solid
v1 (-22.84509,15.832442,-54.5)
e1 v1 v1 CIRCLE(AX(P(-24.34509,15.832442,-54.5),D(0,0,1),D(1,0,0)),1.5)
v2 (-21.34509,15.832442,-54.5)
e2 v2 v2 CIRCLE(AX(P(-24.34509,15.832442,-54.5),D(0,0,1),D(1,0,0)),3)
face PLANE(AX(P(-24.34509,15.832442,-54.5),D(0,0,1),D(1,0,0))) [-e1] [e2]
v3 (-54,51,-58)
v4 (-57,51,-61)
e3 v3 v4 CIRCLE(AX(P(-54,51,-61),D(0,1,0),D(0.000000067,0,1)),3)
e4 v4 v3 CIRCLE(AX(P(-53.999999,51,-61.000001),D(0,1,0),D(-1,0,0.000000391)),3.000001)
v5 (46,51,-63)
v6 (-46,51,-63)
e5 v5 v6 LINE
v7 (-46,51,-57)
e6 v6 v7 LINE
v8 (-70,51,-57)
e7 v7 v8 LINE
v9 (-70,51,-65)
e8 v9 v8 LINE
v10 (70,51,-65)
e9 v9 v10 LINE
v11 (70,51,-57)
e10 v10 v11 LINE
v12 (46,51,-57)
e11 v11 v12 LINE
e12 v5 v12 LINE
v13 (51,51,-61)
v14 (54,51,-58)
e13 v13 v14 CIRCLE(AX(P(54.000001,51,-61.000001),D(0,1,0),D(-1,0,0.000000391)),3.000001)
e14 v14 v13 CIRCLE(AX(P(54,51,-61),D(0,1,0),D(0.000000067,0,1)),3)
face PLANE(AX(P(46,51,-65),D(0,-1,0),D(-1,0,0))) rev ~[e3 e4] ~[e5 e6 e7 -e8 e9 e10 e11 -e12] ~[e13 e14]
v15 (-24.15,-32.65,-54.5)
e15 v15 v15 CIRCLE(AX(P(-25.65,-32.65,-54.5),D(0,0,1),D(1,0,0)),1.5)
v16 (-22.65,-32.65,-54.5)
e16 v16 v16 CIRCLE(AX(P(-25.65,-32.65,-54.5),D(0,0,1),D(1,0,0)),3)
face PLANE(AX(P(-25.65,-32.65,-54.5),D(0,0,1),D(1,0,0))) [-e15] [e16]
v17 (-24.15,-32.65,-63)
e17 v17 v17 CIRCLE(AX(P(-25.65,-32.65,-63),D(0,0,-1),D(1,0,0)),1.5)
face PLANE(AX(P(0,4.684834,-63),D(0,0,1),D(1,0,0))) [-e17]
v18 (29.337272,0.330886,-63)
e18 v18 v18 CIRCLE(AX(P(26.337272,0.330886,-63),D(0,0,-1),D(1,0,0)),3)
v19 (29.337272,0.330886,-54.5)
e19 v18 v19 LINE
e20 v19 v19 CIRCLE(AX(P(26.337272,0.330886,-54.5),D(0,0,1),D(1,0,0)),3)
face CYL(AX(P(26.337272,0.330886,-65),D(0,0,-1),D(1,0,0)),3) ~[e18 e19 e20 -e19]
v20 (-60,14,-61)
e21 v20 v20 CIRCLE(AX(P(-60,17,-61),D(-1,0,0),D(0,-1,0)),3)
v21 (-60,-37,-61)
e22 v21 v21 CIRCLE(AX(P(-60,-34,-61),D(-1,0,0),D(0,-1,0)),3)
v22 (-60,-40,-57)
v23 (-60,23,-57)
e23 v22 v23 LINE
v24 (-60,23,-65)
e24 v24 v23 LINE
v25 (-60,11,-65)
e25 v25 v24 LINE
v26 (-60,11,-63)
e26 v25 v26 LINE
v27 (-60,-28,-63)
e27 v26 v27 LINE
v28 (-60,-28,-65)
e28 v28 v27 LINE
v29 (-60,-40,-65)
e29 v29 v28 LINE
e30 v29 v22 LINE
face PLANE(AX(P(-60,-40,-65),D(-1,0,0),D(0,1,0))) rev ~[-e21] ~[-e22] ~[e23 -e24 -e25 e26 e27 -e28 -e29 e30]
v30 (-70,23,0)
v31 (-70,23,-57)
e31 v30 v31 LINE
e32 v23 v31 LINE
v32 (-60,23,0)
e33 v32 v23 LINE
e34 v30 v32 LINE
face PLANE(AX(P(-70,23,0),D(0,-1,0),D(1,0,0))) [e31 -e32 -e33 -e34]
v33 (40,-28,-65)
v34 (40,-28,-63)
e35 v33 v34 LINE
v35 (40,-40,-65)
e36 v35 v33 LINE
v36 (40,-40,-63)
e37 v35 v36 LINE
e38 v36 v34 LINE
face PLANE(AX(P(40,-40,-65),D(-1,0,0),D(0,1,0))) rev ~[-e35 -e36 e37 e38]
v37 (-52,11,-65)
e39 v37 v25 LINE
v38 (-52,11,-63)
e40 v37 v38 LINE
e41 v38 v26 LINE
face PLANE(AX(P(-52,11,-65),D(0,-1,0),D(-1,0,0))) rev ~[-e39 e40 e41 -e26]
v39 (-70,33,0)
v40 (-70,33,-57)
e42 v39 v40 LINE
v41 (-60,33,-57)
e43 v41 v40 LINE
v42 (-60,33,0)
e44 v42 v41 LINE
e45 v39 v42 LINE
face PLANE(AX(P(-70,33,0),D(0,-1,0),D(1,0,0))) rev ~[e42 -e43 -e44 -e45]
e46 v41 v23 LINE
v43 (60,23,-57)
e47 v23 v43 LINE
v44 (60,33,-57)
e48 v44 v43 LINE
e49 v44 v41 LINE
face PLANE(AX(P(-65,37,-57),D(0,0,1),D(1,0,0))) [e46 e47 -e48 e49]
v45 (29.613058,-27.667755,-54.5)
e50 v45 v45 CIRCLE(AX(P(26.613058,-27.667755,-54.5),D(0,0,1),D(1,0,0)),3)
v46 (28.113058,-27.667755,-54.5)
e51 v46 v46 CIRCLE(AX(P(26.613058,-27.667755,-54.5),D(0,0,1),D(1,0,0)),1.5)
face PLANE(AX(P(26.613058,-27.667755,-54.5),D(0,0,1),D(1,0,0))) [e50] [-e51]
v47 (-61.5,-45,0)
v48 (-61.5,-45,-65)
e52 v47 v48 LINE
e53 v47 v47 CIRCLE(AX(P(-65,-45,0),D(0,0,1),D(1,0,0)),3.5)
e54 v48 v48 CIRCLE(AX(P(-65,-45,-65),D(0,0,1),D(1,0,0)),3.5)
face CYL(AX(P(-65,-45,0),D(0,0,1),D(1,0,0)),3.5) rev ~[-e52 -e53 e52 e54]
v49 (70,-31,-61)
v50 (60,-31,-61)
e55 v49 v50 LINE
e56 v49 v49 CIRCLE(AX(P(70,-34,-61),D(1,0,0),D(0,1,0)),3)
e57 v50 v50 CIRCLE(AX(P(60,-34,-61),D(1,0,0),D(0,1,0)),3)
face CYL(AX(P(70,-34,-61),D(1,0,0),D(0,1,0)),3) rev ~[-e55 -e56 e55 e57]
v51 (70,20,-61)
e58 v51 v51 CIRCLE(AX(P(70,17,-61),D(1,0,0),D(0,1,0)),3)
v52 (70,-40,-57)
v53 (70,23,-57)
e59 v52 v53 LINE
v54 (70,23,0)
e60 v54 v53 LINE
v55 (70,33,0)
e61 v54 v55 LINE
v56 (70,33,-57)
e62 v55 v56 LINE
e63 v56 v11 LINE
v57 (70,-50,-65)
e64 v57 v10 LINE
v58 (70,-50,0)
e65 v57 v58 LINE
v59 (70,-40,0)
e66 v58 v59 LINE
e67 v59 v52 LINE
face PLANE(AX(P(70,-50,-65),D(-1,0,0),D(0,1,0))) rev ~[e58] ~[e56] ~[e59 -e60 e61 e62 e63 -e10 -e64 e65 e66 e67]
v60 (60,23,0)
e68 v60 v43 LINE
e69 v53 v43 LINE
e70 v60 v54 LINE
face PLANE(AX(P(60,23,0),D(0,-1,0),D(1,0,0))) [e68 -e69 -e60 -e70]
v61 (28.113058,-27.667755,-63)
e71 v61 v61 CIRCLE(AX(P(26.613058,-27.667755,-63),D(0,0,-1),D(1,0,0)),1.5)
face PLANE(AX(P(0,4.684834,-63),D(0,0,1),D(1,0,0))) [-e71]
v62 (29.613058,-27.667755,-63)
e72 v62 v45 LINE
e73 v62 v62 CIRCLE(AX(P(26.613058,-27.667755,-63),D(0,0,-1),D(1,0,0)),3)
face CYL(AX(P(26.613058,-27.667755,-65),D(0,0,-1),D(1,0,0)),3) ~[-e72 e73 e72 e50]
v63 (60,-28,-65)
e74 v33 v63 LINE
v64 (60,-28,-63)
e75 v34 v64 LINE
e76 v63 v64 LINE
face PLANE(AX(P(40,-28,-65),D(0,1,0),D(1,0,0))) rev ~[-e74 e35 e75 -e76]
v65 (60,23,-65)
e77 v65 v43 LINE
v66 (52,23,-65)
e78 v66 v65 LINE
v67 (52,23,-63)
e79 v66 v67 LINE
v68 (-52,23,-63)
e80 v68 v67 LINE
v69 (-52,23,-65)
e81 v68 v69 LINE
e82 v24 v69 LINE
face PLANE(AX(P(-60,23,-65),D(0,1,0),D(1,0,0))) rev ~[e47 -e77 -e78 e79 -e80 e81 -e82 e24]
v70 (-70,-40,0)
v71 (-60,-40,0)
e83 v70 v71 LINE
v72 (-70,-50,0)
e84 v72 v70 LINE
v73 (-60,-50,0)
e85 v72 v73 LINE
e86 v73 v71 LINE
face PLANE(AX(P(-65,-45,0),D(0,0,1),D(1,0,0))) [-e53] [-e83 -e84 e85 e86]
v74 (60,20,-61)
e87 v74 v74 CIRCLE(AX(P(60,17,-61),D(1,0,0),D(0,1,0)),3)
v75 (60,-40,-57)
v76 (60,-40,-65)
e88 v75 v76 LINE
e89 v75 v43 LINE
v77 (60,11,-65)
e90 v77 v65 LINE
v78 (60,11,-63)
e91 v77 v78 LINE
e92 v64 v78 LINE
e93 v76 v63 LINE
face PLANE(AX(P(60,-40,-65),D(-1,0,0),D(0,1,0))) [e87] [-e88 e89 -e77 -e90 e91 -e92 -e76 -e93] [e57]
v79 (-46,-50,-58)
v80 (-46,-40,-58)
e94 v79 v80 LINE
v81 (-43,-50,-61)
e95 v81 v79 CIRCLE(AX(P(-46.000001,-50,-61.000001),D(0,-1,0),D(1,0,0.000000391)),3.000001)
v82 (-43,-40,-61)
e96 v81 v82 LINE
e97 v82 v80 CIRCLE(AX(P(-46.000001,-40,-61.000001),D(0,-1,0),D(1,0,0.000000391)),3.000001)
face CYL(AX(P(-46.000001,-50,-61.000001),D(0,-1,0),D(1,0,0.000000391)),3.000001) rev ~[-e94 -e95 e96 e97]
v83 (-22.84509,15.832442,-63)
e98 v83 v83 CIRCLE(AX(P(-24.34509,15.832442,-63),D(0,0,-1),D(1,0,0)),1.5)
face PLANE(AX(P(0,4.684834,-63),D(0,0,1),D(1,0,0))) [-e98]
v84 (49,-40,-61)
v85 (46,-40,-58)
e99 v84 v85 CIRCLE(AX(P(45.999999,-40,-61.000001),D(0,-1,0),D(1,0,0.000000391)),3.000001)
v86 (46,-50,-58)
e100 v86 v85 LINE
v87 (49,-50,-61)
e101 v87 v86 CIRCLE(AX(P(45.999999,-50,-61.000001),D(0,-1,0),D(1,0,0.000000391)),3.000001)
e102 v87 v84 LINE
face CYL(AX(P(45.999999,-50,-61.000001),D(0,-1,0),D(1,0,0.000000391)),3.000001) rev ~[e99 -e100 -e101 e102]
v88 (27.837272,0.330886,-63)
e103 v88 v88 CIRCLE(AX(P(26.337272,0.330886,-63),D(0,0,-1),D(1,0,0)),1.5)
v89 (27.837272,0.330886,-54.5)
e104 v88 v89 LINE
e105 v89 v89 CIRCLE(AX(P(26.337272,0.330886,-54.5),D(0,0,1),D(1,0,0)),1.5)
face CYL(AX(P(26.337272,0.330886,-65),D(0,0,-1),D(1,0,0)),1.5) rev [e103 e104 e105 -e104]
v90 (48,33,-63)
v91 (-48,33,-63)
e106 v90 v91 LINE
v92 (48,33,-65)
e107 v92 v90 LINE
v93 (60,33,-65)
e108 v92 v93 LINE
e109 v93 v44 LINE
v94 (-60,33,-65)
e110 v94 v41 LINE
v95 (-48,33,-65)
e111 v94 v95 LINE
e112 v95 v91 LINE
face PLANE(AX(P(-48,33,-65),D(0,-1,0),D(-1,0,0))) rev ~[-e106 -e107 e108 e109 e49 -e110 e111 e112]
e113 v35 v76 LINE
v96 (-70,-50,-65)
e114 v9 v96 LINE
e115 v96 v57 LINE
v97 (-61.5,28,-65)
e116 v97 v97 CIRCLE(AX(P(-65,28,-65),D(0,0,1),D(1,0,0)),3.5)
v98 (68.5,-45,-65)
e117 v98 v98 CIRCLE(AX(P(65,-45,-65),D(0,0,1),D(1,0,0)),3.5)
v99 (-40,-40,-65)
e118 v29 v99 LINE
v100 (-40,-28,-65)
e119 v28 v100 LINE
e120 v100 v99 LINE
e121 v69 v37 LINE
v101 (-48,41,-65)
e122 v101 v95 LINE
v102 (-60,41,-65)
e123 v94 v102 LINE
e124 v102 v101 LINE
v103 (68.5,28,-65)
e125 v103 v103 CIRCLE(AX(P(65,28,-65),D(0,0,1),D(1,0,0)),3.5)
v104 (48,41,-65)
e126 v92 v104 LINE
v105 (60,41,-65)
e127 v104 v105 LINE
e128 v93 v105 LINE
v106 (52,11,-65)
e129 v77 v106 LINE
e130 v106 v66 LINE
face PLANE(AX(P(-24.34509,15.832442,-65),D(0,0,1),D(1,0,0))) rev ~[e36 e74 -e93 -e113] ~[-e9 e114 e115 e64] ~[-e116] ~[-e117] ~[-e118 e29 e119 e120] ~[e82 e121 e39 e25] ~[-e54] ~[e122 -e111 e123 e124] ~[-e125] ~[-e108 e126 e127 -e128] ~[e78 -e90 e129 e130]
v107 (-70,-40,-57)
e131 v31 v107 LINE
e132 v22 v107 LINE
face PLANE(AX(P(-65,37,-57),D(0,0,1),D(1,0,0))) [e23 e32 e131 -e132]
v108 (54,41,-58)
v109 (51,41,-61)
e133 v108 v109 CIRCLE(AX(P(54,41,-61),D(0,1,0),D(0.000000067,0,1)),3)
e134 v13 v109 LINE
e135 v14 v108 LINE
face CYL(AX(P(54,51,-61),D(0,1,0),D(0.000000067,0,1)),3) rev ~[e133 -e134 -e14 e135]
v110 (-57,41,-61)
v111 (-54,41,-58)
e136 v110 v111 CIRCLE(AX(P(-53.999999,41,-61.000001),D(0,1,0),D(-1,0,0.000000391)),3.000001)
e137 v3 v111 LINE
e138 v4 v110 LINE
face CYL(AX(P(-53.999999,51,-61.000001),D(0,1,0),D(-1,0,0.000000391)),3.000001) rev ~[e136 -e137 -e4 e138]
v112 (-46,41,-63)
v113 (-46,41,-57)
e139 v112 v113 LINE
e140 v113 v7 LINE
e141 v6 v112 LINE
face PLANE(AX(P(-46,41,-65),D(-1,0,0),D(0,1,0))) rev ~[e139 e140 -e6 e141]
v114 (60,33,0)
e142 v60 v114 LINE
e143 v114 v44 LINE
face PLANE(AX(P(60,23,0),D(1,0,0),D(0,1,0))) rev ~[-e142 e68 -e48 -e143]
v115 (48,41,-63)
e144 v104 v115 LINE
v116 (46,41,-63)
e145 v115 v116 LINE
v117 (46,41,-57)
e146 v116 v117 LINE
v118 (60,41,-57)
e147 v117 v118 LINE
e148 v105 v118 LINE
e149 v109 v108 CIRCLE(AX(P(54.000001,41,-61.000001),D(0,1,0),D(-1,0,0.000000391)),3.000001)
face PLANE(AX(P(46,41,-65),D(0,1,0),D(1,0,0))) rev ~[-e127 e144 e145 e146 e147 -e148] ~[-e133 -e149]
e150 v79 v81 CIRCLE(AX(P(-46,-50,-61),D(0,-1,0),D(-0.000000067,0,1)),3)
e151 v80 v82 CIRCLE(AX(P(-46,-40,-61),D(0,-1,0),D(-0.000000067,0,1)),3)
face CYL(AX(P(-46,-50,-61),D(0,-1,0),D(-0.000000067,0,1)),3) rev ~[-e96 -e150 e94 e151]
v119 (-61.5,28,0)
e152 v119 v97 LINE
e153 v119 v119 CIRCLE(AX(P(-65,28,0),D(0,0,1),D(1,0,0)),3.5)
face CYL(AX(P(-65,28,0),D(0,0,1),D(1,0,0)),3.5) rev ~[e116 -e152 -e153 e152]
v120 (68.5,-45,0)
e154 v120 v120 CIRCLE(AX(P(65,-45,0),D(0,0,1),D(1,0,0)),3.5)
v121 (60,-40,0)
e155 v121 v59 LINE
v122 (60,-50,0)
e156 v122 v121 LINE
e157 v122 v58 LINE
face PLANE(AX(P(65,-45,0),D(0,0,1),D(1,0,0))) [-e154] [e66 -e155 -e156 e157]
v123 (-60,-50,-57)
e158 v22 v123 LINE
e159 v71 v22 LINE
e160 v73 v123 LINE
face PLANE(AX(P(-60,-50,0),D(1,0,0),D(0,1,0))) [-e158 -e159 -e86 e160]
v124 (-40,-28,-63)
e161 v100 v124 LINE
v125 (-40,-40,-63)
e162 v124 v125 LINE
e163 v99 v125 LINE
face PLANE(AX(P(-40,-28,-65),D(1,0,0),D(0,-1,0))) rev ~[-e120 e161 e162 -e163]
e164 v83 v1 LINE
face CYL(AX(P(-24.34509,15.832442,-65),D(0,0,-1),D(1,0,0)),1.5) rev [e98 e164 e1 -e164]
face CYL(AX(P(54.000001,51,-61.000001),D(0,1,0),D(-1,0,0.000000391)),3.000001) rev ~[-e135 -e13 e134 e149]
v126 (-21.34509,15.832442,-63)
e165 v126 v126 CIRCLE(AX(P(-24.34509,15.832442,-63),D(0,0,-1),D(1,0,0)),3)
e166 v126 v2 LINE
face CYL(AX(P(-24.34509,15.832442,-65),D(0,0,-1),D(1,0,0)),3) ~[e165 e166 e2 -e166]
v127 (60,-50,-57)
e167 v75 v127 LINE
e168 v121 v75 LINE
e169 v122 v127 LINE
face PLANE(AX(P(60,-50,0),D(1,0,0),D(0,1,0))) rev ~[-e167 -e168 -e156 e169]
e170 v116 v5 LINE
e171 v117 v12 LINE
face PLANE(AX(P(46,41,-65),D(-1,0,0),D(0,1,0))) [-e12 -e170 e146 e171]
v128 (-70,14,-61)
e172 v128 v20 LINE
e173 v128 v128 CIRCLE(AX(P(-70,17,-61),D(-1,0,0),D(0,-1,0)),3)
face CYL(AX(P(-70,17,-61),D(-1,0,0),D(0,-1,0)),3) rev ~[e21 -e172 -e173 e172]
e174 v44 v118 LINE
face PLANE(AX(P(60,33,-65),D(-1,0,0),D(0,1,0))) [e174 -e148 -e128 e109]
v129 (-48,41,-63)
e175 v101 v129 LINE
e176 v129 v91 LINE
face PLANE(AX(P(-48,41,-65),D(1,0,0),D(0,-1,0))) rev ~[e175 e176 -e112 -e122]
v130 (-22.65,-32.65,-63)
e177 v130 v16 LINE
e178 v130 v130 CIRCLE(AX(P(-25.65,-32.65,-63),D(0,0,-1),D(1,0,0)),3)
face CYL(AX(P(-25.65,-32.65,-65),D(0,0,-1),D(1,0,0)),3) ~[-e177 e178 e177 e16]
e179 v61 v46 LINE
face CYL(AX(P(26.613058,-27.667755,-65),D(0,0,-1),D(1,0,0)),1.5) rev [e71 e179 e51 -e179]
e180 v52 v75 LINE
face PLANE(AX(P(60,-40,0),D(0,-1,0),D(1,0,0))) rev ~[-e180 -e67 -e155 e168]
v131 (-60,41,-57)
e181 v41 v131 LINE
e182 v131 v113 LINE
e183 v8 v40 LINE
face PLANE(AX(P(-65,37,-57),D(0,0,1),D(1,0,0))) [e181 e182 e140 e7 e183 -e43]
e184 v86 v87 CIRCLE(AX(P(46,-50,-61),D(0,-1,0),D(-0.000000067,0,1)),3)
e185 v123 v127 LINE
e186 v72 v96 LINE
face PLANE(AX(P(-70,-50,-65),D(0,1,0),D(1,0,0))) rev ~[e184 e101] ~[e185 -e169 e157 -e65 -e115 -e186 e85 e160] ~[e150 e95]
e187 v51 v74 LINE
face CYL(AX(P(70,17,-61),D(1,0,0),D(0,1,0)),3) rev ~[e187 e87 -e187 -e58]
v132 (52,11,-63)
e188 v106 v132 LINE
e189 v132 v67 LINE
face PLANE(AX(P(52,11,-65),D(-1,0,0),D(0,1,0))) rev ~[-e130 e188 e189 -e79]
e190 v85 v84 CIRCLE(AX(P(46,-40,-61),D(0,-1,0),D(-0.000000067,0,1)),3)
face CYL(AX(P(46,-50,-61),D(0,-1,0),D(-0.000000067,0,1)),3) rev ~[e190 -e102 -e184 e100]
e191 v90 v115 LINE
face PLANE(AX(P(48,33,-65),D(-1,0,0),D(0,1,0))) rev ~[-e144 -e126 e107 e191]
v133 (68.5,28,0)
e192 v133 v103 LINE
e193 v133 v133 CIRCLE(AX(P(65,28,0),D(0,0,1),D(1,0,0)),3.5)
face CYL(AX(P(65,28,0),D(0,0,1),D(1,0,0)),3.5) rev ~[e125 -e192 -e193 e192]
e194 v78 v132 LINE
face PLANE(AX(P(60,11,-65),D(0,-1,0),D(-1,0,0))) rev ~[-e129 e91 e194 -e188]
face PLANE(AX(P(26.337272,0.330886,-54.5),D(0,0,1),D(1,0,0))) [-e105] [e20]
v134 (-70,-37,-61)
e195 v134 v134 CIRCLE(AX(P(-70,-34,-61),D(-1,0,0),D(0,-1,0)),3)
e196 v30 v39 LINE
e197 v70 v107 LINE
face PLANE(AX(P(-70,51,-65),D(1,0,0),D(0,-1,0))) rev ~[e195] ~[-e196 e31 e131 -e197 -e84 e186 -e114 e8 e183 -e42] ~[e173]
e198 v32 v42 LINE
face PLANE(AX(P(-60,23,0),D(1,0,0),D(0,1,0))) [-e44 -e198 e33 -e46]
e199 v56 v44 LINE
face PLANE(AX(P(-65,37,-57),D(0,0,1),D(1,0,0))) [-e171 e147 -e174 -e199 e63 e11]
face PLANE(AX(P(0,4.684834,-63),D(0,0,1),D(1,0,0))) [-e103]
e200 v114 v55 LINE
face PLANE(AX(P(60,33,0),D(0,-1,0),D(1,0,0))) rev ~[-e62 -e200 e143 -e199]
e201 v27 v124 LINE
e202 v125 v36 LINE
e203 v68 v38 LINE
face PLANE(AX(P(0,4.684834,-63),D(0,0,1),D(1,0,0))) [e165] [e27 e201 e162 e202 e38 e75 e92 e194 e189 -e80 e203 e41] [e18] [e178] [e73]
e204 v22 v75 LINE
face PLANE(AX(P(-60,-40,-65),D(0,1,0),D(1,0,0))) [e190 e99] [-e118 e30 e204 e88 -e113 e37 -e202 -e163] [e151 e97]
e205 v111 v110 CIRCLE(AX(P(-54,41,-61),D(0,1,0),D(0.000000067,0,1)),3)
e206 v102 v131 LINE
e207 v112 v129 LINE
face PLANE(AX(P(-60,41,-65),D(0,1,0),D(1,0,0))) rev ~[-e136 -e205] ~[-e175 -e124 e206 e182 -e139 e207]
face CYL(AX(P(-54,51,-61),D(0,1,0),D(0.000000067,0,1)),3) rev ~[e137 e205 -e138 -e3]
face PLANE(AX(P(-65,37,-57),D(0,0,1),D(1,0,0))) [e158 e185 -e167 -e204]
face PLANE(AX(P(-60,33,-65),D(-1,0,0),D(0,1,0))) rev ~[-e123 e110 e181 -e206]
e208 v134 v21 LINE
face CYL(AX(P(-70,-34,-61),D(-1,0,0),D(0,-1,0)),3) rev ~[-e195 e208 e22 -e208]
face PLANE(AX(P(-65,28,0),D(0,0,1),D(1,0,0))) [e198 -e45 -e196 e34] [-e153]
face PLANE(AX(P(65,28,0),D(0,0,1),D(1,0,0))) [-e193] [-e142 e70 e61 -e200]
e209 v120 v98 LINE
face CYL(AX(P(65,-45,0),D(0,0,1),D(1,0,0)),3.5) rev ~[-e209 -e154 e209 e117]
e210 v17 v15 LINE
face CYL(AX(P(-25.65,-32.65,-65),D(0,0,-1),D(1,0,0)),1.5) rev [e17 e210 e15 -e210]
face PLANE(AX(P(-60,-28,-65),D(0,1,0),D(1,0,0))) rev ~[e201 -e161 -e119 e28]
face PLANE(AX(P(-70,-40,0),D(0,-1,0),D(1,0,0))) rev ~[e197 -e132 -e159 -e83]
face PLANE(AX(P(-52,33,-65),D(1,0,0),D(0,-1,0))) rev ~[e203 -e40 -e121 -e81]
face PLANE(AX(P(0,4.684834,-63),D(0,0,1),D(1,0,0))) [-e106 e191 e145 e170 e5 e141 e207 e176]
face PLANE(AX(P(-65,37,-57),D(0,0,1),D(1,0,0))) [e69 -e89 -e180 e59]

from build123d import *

# Parameters (mm, degrees)
F0_W      = 10
F0_H      = 10
F1_DEPTH  = 60
F3_W      = 10
F3_H      = 8
F3_W_2    = 120
F3_H_2    = 63
F3_H_3    = 10
F3_W_3    = 14
F4_DEPTH  = 8
F6_DEPTH  = 2
F7_R      = 3
F7_R_2    = 1.5
F8_DEPTH  = 10.5
F9_R      = 3.5
F10_DEPTH = 75
F11_R     = 3
F12_DEPTH = 10
F13_R     = 3
F14_DEPTH = 10
F16_DEPTH = 10
F18_DEPTH = 10


with BuildPart() as f1:
    # F0 (on Top) → F1 (new body)
    with BuildSketch(Plane.XY):
        with Locations((-65, 28)):
            Rectangle(F0_W, F0_H)
        with Locations((65, 28)):
            Rectangle(F0_W, F0_H)
        with Locations((-65, -45)):
            Rectangle(F0_W, F0_H)
        with Locations((65, -45)):
            Rectangle(F0_W, F0_H)
    extrude(amount=-F1_DEPTH)

    # F3 (on offset) → F4 (join)
    with BuildSketch(Plane.XY.offset(-65)):
        with Locations((-65, 37)):
            Rectangle(F3_W, F3_H)
        Polygon((-60, 33), (-70, 33), (-70, 23), (-70, -40), (-70, -50), (-60, -50), (60, -50), (70, -50), (70, -40), (70, 23), (70, 33), (60, 33), align=None)
        with Locations((0, -8.5)):
            Rectangle(F3_W_2, F3_H_2, mode=Mode.SUBTRACT)
        with Locations((-65, 46)):
            Rectangle(F3_W, F3_H_3)
        with Locations((65, 37)):
            Rectangle(F3_W, F3_H)
        with Locations((-53, 46)):
            Rectangle(F3_W_3, F3_H_3)
        with Locations((53, 46)):
            Rectangle(F3_W_3, F3_H_3)
        with Locations((65, 46)):
            Rectangle(F3_W, F3_H_3)
    extrude(amount=F4_DEPTH)

    # F5 (on offset) → F6 (join)
    with BuildSketch(Plane.XY.offset(-65)):
        Polygon((-48, 33), (-52, 33), (-52, 11), (-60, 11), (-60, -28), (-40, -28), (-40, -40), (40, -40), (40, -28), (60, -28), (60, 11), (52, 11), (52, 33), (48, 33), (48, 41), (46, 41), (46, 51), (-46, 51), (-46, 41), (-48, 41), align=None)
    extrude(amount=F6_DEPTH)

    # F7 (on offset) → F8 (join)
    with BuildSketch(Plane.XY.offset(-65)):
        with Locations((-24.34509, 15.832442)):
            Circle(F7_R)
        with Locations((-24.34509, 15.832442)):
            Circle(F7_R_2, mode=Mode.SUBTRACT)
        with Locations((26.337272, 0.330886)):
            Circle(F7_R)
        with Locations((26.337272, 0.330886)):
            Circle(F7_R_2, mode=Mode.SUBTRACT)
        with Locations((26.613058, -27.667755)):
            Circle(F7_R)
        with Locations((26.613058, -27.667755)):
            Circle(F7_R_2, mode=Mode.SUBTRACT)
        with Locations((-25.65, -32.65)):
            Circle(F7_R)
        with Locations((-25.65, -32.65)):
            Circle(F7_R_2, mode=Mode.SUBTRACT)
    extrude(amount=F8_DEPTH)

    # F9 (on Top) → F10 (cut)
    with BuildSketch(Plane.XY):
        with Locations((-65, 28)):
            Circle(F9_R)
        with Locations((-65, -45)):
            Circle(F9_R)
        with Locations((65, -45)):
            Circle(F9_R)
        with Locations((65, 28)):
            Circle(F9_R)
    extrude(amount=-F10_DEPTH, mode=Mode.SUBTRACT)

    # F11 (on face) → F12 (cut)
    with BuildSketch(Plane.YZ.offset(70)):
        with Locations((-34, -61)):
            Circle(F11_R)
        with Locations((17, -61)):
            Circle(F11_R)
    extrude(amount=-F12_DEPTH, mode=Mode.SUBTRACT)

    # F13 (on face) → F14 (cut)
    with BuildSketch(Plane(origin=(-70, 0, 0), x_dir=(0, -1, 0), z_dir=(-1, 0, 0))):
        with Locations((-17, -61)):
            Circle(F13_R)
        with Locations((34, -61)):
            Circle(F13_R)
    extrude(amount=-F14_DEPTH, mode=Mode.SUBTRACT)

    # F15 (on face) → F16 (cut)
    with BuildSketch(Plane.XZ.offset(50)):
        with BuildLine():
            ThreePointArc((-46, -58), (-48.12132, -63.12132), (-43, -61))
            ThreePointArc((-43, -61), (-43.87868, -58.87868), (-46, -58))
        make_face()
        with BuildLine():
            ThreePointArc((46, -58), (43.87868, -63.12132), (49, -61))
            ThreePointArc((49, -61), (48.12132, -58.87868), (46, -58))
        make_face()
    extrude(amount=-F16_DEPTH, mode=Mode.SUBTRACT)

    # F17 (on face) → F18 (cut)
    with BuildSketch(Plane(origin=(0, 51, 0), x_dir=(-1, 0, 0), z_dir=(0, 1, 0))):
        with BuildLine():
            ThreePointArc((-54, -58), (-56.12132, -63.12132), (-51, -61))
            ThreePointArc((-51, -61), (-51.87868, -58.87868), (-54, -58))
        make_face()
        with BuildLine():
            ThreePointArc((54, -58), (51.87868, -63.12132), (57, -61))
            ThreePointArc((57, -61), (56.12132, -58.87868), (54, -58))
        make_face()
    extrude(amount=-F18_DEPTH, mode=Mode.SUBTRACT)


solid = f1.part
